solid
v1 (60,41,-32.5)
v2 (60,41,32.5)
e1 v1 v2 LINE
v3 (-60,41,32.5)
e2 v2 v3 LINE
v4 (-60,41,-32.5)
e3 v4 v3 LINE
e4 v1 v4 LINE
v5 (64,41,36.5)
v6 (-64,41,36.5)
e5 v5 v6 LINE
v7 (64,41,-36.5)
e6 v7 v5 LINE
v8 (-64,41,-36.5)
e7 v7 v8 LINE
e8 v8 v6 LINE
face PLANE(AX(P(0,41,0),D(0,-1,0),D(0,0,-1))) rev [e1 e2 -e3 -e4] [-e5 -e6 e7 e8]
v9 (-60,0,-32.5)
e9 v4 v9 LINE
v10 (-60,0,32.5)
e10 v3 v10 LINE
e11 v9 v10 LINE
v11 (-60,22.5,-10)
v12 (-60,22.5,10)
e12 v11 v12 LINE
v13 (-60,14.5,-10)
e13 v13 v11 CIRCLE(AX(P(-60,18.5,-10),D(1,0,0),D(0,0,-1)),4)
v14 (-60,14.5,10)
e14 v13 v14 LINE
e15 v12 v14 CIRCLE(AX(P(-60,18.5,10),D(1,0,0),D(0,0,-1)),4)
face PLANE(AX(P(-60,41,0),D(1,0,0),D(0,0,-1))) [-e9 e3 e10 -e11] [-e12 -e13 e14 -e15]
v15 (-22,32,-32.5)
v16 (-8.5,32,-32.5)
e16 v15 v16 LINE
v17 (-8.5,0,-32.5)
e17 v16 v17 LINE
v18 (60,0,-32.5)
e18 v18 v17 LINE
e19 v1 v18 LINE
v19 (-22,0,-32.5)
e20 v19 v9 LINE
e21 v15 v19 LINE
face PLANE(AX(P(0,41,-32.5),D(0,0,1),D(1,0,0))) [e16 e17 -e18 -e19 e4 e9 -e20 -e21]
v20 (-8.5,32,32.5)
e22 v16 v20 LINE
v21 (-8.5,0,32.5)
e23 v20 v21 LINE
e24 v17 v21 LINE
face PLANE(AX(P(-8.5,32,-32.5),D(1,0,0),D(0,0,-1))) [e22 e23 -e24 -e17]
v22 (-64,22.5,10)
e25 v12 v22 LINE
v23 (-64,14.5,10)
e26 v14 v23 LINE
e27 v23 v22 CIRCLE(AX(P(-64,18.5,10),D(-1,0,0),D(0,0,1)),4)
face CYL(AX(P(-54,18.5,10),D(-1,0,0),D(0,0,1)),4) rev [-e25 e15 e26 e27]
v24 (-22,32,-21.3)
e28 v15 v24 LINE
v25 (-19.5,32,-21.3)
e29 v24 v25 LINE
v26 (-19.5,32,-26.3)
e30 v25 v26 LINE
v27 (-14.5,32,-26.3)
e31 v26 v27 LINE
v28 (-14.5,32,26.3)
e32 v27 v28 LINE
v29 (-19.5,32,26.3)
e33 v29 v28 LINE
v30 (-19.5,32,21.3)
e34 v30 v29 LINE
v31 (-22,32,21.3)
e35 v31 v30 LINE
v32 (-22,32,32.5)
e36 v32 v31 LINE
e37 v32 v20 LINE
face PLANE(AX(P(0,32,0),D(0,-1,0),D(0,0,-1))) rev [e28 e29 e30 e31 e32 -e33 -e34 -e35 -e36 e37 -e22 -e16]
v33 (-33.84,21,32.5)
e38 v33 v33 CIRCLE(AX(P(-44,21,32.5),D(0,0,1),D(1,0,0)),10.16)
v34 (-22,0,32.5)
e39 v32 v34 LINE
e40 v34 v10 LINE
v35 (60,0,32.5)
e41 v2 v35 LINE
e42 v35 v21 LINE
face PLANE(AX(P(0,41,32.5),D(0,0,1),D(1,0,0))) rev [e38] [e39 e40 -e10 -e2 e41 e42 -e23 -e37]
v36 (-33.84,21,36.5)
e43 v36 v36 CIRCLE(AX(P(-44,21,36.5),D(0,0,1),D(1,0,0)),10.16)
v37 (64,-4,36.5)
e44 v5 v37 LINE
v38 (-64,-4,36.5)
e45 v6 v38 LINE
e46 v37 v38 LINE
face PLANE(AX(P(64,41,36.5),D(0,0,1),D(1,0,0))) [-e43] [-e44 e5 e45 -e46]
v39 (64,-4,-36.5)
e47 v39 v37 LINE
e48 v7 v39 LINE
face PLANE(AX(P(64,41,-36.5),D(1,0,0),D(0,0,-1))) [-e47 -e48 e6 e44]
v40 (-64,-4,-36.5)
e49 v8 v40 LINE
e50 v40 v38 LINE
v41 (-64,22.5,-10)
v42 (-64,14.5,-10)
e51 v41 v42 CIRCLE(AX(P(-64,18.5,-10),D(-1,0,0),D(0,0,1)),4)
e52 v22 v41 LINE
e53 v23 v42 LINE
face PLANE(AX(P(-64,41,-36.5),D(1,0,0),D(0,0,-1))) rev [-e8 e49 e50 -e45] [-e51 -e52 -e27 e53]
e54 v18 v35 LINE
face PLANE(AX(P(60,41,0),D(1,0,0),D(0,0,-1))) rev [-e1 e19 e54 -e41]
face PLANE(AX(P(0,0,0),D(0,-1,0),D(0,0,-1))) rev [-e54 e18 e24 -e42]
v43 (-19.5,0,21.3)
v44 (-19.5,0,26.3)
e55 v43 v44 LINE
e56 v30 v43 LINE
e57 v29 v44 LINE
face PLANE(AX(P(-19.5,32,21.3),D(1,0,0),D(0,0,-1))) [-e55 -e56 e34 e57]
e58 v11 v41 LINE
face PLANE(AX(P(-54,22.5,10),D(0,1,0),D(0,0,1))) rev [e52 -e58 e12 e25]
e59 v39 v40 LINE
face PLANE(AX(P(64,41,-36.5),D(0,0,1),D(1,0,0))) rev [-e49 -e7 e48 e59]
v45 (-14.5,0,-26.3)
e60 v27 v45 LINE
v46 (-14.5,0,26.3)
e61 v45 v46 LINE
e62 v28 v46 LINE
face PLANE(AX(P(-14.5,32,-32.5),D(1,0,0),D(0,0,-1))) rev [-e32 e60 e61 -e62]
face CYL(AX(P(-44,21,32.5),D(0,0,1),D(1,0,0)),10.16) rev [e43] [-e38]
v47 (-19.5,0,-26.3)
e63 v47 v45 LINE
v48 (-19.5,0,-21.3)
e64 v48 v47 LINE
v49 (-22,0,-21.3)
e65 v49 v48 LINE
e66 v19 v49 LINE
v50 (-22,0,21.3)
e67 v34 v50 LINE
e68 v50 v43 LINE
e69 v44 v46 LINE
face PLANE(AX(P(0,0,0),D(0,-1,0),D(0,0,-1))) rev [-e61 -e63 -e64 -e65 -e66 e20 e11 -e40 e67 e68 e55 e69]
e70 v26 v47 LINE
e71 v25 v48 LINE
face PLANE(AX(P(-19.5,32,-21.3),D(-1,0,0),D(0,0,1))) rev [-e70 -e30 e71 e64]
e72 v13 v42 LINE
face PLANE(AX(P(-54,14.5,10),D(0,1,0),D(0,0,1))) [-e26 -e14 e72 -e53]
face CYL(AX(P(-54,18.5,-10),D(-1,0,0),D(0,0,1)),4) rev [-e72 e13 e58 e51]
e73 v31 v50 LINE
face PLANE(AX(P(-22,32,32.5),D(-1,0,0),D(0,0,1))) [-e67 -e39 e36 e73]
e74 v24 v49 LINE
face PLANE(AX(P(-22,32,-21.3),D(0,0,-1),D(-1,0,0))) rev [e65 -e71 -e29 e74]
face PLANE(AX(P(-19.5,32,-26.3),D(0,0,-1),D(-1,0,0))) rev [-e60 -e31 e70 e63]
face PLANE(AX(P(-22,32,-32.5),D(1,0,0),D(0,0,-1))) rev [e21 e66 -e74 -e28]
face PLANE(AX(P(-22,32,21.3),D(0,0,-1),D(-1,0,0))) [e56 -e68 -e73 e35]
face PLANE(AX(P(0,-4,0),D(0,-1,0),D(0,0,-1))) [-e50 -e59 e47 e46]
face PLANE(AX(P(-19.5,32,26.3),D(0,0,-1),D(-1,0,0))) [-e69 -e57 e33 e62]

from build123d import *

# Parameters (mm, degrees)
SKETCH1_W           = 128
SKETCH1_H           = 73
SKETCH1_W_2         = 120
SKETCH1_H_2         = 65
BOSS_EXTRUDE1_DEPTH = 41
SKETCH1_3_W         = 128
SKETCH1_3_H         = 73
BOSS_EXTRUDE2_DEPTH = 4
SKETCH3_R           = 10.16
CUT_EXTRUDE1_DEPTH  = 4
SKETCH5_W           = 6
SKETCH5_H           = 65
BOSS_EXTRUDE3_DEPTH = 32
BOSS_EXTRUDE4_DEPTH = 32
CUT_EXTRUDE2_DEPTH  = 10


with BuildPart() as part:
    # Sketch1 → Boss-Extrude1 (new body)
    with BuildSketch(Plane(origin=(0, 0, 0), x_dir=(1, 0, 0), z_dir=(0, 1, 0))):
        Rectangle(SKETCH1_W, SKETCH1_H)
        Rectangle(SKETCH1_W_2, SKETCH1_H_2, mode=Mode.SUBTRACT)
    extrude(amount=BOSS_EXTRUDE1_DEPTH)

    # Sketch1<3> → Boss-Extrude2 (add)
    with BuildSketch(Plane(origin=(0, 0, 0), x_dir=(1, 0, 0), z_dir=(0, 1, 0))):
        Rectangle(SKETCH1_3_W, SKETCH1_3_H)
    extrude(amount=-BOSS_EXTRUDE2_DEPTH)

    # Sketch3 → Cut-Extrude1 (cut)
    with BuildSketch(Plane.XY.offset(36.5)):
        with Locations((-44, 21)):
            Circle(SKETCH3_R)
    extrude(amount=-CUT_EXTRUDE1_DEPTH, mode=Mode.SUBTRACT)

    # Sketch5 → Boss-Extrude3 (add)
    with BuildSketch(Plane(origin=(0, 0, 0), x_dir=(1, 0, 0), z_dir=(0, 1, 0))):
        with Locations((-11.5, 0)):
            Rectangle(SKETCH5_W, SKETCH5_H)
    extrude(amount=BOSS_EXTRUDE3_DEPTH)

    # Sketch8 → Boss-Extrude4 (add)
    with BuildSketch(Plane(origin=(0, 0, 0), x_dir=(1, 0, 0), z_dir=(0, 1, 0))):
        Polygon((-14.5, 32.5), (-22, 32.5), (-22, 21.3), (-19.5, 21.3), (-19.5, 26.3), (-14.5, 26.3), align=None)
        Polygon((-14.5, -26.3), (-14.5, -32.5), (-22, -32.5), (-22, -21.3), (-19.5, -21.3), (-19.5, -26.3), align=None)
    extrude(amount=BOSS_EXTRUDE4_DEPTH)

    # Sketch4 → Cut-Extrude2 (cut)
    with BuildSketch(Plane.ZY.offset(64)):
        with BuildLine():
            Line((10, 14.5), (-10, 14.5))
            ThreePointArc((-10, 14.5), (-14, 18.5), (-10, 22.5))
            Line((-10, 22.5), (10, 22.5))
            ThreePointArc((10, 22.5), (14, 18.5), (10, 14.5))
        make_face()
    extrude(amount=-CUT_EXTRUDE2_DEPTH, mode=Mode.SUBTRACT)


solid = part.part
